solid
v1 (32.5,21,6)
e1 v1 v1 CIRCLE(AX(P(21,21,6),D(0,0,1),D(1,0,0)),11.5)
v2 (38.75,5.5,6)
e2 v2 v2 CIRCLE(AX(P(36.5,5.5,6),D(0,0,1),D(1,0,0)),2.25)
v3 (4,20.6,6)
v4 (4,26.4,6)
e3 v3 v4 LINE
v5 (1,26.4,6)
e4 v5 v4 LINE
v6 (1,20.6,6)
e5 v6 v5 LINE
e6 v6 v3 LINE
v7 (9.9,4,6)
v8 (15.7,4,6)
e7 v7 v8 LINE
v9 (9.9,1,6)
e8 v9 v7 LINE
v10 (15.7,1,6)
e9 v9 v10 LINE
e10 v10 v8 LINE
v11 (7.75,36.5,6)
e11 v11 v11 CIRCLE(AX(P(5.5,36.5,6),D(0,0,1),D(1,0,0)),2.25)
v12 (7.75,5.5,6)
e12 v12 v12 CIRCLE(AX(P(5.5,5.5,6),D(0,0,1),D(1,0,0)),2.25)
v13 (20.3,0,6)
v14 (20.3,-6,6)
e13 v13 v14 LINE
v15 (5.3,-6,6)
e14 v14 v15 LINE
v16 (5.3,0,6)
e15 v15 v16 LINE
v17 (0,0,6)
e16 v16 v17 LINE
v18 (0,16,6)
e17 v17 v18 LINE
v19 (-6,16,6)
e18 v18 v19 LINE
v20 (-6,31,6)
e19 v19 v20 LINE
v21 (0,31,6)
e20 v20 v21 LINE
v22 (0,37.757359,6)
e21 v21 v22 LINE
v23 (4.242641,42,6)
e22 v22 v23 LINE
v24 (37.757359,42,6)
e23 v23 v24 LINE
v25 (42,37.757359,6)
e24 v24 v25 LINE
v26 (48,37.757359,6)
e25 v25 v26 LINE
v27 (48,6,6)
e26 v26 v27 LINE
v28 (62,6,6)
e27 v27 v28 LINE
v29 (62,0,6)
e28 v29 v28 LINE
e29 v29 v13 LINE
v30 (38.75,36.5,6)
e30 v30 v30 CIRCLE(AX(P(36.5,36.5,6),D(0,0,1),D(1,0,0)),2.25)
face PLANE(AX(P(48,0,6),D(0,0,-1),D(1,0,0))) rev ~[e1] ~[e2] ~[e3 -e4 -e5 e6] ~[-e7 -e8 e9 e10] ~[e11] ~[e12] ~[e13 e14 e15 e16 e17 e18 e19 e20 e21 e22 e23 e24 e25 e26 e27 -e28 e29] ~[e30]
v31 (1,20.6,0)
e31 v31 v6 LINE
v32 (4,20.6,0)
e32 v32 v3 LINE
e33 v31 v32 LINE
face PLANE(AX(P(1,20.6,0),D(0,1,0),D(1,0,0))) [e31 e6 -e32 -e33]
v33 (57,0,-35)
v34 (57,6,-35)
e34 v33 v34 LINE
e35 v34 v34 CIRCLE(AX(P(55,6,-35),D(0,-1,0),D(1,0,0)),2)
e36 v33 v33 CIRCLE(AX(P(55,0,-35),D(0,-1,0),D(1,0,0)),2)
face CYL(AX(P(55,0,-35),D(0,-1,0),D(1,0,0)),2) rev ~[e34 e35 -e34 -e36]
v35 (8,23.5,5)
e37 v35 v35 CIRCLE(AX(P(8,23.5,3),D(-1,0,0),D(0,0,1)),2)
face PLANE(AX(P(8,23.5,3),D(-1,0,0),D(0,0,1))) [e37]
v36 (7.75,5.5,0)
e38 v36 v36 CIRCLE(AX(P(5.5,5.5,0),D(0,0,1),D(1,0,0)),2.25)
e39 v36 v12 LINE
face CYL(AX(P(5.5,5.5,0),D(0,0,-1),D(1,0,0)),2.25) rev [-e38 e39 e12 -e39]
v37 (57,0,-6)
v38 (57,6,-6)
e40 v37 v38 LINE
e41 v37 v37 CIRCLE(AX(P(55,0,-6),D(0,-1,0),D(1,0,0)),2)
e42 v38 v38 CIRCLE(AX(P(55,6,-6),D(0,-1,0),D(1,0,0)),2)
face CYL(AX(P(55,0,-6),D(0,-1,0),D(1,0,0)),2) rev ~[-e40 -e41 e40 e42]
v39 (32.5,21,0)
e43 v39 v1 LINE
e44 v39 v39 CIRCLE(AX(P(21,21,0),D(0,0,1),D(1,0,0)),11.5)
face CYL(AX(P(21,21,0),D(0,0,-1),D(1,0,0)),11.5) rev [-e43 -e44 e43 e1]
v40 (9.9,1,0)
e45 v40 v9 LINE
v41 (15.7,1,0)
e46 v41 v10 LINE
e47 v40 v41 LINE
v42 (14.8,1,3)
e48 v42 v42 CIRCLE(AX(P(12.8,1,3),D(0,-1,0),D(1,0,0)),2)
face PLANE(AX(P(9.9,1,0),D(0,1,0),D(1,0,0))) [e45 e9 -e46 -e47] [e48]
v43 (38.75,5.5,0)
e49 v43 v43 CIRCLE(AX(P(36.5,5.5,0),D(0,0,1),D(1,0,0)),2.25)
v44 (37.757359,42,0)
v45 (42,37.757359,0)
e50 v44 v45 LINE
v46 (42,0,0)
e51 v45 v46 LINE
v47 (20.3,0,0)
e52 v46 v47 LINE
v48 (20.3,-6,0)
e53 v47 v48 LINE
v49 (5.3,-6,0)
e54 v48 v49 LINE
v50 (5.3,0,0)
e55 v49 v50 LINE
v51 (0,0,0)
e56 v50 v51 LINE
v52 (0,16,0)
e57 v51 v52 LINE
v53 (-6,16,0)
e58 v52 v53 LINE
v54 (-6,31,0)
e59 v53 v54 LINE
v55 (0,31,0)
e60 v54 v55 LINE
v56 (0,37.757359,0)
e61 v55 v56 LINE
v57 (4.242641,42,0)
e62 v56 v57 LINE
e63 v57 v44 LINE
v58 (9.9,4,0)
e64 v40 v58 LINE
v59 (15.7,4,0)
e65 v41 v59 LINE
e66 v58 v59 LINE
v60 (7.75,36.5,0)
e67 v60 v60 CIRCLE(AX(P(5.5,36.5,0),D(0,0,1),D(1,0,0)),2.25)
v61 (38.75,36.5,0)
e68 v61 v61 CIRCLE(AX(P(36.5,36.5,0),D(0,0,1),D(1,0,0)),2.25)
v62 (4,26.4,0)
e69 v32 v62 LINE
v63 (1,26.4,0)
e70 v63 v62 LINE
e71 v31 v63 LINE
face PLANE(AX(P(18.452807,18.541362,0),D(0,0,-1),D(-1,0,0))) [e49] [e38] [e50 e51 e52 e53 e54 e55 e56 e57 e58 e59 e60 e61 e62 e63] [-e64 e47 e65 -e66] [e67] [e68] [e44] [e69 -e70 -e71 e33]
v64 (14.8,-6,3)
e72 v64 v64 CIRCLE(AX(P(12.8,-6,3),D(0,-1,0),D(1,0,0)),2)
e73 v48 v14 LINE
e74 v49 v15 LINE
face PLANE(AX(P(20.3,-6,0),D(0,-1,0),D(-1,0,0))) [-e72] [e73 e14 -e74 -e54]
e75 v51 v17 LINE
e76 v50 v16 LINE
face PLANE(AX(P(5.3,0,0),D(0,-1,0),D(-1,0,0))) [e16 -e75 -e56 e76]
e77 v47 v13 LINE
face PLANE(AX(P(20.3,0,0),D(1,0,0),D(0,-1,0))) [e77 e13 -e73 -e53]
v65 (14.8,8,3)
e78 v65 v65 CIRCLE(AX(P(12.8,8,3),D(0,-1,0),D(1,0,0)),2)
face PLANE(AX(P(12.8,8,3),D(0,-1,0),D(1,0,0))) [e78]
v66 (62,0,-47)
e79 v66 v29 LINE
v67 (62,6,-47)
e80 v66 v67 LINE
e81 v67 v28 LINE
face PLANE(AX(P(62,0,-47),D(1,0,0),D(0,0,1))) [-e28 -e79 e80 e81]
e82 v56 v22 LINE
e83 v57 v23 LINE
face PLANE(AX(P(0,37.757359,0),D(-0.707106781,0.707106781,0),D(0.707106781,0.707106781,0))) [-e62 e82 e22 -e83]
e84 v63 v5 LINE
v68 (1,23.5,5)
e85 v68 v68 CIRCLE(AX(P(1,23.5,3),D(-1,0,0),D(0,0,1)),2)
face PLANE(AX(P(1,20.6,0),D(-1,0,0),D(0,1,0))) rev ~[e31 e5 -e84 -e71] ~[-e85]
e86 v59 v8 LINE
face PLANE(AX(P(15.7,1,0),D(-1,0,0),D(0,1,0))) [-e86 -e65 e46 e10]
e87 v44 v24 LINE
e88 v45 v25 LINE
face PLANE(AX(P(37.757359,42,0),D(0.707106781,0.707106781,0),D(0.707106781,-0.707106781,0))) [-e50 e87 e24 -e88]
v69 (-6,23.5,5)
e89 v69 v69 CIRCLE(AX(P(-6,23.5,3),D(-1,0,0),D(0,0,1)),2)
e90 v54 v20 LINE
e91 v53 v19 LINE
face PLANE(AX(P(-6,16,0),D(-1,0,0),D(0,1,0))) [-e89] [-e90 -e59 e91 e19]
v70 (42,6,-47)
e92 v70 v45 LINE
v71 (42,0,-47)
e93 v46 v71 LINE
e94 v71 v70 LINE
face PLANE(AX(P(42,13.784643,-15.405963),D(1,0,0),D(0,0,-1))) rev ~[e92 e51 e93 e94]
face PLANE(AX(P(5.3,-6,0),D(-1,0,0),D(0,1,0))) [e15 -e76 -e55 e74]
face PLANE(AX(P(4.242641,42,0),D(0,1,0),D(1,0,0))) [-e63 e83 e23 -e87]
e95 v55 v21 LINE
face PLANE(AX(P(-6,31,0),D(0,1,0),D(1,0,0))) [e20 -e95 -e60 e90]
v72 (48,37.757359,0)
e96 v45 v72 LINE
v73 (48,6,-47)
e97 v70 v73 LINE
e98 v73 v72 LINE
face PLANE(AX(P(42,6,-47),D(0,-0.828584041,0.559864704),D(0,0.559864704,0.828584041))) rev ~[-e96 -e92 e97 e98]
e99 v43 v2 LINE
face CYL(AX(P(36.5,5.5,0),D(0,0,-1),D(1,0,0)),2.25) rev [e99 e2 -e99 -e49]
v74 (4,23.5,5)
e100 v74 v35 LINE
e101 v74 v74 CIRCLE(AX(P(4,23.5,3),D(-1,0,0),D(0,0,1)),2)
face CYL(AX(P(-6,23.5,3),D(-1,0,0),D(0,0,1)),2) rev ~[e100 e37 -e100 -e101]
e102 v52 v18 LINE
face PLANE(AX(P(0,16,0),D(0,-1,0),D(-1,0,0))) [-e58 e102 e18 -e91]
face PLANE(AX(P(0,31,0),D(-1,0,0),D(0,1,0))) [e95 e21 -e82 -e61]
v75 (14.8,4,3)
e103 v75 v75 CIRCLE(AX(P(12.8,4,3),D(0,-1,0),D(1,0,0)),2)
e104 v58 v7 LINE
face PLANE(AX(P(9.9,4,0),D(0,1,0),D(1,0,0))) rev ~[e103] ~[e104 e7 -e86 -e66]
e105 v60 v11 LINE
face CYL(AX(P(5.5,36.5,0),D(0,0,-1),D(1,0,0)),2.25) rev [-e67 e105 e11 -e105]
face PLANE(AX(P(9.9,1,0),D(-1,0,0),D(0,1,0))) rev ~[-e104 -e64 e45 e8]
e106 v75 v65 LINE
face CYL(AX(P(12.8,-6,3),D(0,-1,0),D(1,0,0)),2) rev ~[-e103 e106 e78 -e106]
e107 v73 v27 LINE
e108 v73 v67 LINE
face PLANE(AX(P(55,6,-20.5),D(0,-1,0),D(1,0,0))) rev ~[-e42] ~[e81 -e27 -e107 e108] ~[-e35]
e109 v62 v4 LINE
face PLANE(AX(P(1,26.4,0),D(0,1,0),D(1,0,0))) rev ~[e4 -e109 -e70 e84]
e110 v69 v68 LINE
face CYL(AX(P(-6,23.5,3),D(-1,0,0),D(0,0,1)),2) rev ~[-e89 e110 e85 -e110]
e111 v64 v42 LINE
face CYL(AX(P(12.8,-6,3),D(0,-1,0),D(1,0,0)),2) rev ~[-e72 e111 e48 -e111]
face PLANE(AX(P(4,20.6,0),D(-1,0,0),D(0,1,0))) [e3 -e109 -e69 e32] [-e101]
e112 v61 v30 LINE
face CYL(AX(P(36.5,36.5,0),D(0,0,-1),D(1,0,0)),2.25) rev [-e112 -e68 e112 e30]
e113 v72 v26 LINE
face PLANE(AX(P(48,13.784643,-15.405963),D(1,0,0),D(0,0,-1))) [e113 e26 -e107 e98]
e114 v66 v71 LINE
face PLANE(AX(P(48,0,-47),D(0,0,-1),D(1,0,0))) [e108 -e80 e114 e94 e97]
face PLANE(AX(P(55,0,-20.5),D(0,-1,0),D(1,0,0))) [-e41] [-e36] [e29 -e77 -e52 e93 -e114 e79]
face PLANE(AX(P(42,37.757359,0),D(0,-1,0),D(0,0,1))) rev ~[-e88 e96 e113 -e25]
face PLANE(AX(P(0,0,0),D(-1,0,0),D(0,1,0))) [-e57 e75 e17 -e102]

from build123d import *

# Parameters (mm, degrees)
ESQUISSE1_R             = 11.5
ESQUISSE1_R_2           = 2.25
ESQUISSE1_W             = 3
ESQUISSE1_H             = 5.8
ESQUISSE1_W_2           = 5.8
ESQUISSE1_H_2           = 3
BOSS_EXTRU_2_DEPTH      = 6
BOSS_EXTRU_4_DEPTH      = 6
ESQUISSE11_W            = 14
ESQUISSE11_H            = 53
ESQUISSE11_R            = 2
BOSS_EXTRU_5_DEPTH      = 6
ESQUISSE13_R            = 2
ENL_V_MAT_EXTRU_1_DEPTH = 14
ESQUISSE14_R            = 2
ENL_V_MAT_EXTRU_2_DEPTH = 14


with BuildPart() as part:
    # Esquisse1 → Boss.-Extru.2 (new body)
    with BuildSketch(Plane.XY):
        Polygon((0, 0), (0, 16), (-6, 16), (-6, 31), (0, 31), (0, 37.757359313), (4.242640687, 42), (37.757359313, 42), (42, 37.757359313), (42, 0), (20.3, 0), (20.3, -6), (5.3, -6), (5.3, 0), align=None)
        with Locations((21, 21)):
            Circle(ESQUISSE1_R, mode=Mode.SUBTRACT)
        with Locations((5.5, 36.5)):
            Circle(ESQUISSE1_R_2, mode=Mode.SUBTRACT)
        with Locations((36.5, 36.5)):
            Circle(ESQUISSE1_R_2, mode=Mode.SUBTRACT)
        with Locations((5.5, 5.5)):
            Circle(ESQUISSE1_R_2, mode=Mode.SUBTRACT)
        with Locations((36.5, 5.5)):
            Circle(ESQUISSE1_R_2, mode=Mode.SUBTRACT)
        with Locations((2.5, 23.5)):
            Rectangle(ESQUISSE1_W, ESQUISSE1_H, mode=Mode.SUBTRACT)
        with Locations((12.8, 2.5)):
            Rectangle(ESQUISSE1_W_2, ESQUISSE1_H_2, mode=Mode.SUBTRACT)
    extrude(amount=BOSS_EXTRU_2_DEPTH)

    # Esquisse9 → Boss.-Extru.4 (add)
    with BuildSketch(Plane(origin=(42, 0, 0), x_dir=(0, 0, -1), z_dir=(1, 0, 0))):
        Polygon((-6, 0), (47, 0), (47, 6), (0, 37.757359313), (-6, 37.757359313), align=None)
    extrude(amount=BOSS_EXTRU_4_DEPTH)

    # Esquisse11 → Boss.-Extru.5 (add)
    with BuildSketch(Plane.XZ):
        with Locations((55, -20.5)):
            Rectangle(ESQUISSE11_W, ESQUISSE11_H)
        with Locations((55, -35)):
            Circle(ESQUISSE11_R, mode=Mode.SUBTRACT)
        with Locations((55, -6)):
            Circle(ESQUISSE11_R, mode=Mode.SUBTRACT)
    extrude(amount=-BOSS_EXTRU_5_DEPTH)

    # Esquisse13 → Enlèv. mat.-Extru.1 (cut)
    with BuildSketch(Plane.ZY.offset(6)):
        with Locations((3, 23.5)):
            Circle(ESQUISSE13_R)
    extrude(amount=-ENL_V_MAT_EXTRU_1_DEPTH, mode=Mode.SUBTRACT)

    # Esquisse14 → Enlèv. mat.-Extru.2 (cut)
    with BuildSketch(Plane.XZ.offset(6)):
        with Locations((12.8, 3)):
            Circle(ESQUISSE14_R)
    extrude(amount=-ENL_V_MAT_EXTRU_2_DEPTH, mode=Mode.SUBTRACT)


solid = part.part
